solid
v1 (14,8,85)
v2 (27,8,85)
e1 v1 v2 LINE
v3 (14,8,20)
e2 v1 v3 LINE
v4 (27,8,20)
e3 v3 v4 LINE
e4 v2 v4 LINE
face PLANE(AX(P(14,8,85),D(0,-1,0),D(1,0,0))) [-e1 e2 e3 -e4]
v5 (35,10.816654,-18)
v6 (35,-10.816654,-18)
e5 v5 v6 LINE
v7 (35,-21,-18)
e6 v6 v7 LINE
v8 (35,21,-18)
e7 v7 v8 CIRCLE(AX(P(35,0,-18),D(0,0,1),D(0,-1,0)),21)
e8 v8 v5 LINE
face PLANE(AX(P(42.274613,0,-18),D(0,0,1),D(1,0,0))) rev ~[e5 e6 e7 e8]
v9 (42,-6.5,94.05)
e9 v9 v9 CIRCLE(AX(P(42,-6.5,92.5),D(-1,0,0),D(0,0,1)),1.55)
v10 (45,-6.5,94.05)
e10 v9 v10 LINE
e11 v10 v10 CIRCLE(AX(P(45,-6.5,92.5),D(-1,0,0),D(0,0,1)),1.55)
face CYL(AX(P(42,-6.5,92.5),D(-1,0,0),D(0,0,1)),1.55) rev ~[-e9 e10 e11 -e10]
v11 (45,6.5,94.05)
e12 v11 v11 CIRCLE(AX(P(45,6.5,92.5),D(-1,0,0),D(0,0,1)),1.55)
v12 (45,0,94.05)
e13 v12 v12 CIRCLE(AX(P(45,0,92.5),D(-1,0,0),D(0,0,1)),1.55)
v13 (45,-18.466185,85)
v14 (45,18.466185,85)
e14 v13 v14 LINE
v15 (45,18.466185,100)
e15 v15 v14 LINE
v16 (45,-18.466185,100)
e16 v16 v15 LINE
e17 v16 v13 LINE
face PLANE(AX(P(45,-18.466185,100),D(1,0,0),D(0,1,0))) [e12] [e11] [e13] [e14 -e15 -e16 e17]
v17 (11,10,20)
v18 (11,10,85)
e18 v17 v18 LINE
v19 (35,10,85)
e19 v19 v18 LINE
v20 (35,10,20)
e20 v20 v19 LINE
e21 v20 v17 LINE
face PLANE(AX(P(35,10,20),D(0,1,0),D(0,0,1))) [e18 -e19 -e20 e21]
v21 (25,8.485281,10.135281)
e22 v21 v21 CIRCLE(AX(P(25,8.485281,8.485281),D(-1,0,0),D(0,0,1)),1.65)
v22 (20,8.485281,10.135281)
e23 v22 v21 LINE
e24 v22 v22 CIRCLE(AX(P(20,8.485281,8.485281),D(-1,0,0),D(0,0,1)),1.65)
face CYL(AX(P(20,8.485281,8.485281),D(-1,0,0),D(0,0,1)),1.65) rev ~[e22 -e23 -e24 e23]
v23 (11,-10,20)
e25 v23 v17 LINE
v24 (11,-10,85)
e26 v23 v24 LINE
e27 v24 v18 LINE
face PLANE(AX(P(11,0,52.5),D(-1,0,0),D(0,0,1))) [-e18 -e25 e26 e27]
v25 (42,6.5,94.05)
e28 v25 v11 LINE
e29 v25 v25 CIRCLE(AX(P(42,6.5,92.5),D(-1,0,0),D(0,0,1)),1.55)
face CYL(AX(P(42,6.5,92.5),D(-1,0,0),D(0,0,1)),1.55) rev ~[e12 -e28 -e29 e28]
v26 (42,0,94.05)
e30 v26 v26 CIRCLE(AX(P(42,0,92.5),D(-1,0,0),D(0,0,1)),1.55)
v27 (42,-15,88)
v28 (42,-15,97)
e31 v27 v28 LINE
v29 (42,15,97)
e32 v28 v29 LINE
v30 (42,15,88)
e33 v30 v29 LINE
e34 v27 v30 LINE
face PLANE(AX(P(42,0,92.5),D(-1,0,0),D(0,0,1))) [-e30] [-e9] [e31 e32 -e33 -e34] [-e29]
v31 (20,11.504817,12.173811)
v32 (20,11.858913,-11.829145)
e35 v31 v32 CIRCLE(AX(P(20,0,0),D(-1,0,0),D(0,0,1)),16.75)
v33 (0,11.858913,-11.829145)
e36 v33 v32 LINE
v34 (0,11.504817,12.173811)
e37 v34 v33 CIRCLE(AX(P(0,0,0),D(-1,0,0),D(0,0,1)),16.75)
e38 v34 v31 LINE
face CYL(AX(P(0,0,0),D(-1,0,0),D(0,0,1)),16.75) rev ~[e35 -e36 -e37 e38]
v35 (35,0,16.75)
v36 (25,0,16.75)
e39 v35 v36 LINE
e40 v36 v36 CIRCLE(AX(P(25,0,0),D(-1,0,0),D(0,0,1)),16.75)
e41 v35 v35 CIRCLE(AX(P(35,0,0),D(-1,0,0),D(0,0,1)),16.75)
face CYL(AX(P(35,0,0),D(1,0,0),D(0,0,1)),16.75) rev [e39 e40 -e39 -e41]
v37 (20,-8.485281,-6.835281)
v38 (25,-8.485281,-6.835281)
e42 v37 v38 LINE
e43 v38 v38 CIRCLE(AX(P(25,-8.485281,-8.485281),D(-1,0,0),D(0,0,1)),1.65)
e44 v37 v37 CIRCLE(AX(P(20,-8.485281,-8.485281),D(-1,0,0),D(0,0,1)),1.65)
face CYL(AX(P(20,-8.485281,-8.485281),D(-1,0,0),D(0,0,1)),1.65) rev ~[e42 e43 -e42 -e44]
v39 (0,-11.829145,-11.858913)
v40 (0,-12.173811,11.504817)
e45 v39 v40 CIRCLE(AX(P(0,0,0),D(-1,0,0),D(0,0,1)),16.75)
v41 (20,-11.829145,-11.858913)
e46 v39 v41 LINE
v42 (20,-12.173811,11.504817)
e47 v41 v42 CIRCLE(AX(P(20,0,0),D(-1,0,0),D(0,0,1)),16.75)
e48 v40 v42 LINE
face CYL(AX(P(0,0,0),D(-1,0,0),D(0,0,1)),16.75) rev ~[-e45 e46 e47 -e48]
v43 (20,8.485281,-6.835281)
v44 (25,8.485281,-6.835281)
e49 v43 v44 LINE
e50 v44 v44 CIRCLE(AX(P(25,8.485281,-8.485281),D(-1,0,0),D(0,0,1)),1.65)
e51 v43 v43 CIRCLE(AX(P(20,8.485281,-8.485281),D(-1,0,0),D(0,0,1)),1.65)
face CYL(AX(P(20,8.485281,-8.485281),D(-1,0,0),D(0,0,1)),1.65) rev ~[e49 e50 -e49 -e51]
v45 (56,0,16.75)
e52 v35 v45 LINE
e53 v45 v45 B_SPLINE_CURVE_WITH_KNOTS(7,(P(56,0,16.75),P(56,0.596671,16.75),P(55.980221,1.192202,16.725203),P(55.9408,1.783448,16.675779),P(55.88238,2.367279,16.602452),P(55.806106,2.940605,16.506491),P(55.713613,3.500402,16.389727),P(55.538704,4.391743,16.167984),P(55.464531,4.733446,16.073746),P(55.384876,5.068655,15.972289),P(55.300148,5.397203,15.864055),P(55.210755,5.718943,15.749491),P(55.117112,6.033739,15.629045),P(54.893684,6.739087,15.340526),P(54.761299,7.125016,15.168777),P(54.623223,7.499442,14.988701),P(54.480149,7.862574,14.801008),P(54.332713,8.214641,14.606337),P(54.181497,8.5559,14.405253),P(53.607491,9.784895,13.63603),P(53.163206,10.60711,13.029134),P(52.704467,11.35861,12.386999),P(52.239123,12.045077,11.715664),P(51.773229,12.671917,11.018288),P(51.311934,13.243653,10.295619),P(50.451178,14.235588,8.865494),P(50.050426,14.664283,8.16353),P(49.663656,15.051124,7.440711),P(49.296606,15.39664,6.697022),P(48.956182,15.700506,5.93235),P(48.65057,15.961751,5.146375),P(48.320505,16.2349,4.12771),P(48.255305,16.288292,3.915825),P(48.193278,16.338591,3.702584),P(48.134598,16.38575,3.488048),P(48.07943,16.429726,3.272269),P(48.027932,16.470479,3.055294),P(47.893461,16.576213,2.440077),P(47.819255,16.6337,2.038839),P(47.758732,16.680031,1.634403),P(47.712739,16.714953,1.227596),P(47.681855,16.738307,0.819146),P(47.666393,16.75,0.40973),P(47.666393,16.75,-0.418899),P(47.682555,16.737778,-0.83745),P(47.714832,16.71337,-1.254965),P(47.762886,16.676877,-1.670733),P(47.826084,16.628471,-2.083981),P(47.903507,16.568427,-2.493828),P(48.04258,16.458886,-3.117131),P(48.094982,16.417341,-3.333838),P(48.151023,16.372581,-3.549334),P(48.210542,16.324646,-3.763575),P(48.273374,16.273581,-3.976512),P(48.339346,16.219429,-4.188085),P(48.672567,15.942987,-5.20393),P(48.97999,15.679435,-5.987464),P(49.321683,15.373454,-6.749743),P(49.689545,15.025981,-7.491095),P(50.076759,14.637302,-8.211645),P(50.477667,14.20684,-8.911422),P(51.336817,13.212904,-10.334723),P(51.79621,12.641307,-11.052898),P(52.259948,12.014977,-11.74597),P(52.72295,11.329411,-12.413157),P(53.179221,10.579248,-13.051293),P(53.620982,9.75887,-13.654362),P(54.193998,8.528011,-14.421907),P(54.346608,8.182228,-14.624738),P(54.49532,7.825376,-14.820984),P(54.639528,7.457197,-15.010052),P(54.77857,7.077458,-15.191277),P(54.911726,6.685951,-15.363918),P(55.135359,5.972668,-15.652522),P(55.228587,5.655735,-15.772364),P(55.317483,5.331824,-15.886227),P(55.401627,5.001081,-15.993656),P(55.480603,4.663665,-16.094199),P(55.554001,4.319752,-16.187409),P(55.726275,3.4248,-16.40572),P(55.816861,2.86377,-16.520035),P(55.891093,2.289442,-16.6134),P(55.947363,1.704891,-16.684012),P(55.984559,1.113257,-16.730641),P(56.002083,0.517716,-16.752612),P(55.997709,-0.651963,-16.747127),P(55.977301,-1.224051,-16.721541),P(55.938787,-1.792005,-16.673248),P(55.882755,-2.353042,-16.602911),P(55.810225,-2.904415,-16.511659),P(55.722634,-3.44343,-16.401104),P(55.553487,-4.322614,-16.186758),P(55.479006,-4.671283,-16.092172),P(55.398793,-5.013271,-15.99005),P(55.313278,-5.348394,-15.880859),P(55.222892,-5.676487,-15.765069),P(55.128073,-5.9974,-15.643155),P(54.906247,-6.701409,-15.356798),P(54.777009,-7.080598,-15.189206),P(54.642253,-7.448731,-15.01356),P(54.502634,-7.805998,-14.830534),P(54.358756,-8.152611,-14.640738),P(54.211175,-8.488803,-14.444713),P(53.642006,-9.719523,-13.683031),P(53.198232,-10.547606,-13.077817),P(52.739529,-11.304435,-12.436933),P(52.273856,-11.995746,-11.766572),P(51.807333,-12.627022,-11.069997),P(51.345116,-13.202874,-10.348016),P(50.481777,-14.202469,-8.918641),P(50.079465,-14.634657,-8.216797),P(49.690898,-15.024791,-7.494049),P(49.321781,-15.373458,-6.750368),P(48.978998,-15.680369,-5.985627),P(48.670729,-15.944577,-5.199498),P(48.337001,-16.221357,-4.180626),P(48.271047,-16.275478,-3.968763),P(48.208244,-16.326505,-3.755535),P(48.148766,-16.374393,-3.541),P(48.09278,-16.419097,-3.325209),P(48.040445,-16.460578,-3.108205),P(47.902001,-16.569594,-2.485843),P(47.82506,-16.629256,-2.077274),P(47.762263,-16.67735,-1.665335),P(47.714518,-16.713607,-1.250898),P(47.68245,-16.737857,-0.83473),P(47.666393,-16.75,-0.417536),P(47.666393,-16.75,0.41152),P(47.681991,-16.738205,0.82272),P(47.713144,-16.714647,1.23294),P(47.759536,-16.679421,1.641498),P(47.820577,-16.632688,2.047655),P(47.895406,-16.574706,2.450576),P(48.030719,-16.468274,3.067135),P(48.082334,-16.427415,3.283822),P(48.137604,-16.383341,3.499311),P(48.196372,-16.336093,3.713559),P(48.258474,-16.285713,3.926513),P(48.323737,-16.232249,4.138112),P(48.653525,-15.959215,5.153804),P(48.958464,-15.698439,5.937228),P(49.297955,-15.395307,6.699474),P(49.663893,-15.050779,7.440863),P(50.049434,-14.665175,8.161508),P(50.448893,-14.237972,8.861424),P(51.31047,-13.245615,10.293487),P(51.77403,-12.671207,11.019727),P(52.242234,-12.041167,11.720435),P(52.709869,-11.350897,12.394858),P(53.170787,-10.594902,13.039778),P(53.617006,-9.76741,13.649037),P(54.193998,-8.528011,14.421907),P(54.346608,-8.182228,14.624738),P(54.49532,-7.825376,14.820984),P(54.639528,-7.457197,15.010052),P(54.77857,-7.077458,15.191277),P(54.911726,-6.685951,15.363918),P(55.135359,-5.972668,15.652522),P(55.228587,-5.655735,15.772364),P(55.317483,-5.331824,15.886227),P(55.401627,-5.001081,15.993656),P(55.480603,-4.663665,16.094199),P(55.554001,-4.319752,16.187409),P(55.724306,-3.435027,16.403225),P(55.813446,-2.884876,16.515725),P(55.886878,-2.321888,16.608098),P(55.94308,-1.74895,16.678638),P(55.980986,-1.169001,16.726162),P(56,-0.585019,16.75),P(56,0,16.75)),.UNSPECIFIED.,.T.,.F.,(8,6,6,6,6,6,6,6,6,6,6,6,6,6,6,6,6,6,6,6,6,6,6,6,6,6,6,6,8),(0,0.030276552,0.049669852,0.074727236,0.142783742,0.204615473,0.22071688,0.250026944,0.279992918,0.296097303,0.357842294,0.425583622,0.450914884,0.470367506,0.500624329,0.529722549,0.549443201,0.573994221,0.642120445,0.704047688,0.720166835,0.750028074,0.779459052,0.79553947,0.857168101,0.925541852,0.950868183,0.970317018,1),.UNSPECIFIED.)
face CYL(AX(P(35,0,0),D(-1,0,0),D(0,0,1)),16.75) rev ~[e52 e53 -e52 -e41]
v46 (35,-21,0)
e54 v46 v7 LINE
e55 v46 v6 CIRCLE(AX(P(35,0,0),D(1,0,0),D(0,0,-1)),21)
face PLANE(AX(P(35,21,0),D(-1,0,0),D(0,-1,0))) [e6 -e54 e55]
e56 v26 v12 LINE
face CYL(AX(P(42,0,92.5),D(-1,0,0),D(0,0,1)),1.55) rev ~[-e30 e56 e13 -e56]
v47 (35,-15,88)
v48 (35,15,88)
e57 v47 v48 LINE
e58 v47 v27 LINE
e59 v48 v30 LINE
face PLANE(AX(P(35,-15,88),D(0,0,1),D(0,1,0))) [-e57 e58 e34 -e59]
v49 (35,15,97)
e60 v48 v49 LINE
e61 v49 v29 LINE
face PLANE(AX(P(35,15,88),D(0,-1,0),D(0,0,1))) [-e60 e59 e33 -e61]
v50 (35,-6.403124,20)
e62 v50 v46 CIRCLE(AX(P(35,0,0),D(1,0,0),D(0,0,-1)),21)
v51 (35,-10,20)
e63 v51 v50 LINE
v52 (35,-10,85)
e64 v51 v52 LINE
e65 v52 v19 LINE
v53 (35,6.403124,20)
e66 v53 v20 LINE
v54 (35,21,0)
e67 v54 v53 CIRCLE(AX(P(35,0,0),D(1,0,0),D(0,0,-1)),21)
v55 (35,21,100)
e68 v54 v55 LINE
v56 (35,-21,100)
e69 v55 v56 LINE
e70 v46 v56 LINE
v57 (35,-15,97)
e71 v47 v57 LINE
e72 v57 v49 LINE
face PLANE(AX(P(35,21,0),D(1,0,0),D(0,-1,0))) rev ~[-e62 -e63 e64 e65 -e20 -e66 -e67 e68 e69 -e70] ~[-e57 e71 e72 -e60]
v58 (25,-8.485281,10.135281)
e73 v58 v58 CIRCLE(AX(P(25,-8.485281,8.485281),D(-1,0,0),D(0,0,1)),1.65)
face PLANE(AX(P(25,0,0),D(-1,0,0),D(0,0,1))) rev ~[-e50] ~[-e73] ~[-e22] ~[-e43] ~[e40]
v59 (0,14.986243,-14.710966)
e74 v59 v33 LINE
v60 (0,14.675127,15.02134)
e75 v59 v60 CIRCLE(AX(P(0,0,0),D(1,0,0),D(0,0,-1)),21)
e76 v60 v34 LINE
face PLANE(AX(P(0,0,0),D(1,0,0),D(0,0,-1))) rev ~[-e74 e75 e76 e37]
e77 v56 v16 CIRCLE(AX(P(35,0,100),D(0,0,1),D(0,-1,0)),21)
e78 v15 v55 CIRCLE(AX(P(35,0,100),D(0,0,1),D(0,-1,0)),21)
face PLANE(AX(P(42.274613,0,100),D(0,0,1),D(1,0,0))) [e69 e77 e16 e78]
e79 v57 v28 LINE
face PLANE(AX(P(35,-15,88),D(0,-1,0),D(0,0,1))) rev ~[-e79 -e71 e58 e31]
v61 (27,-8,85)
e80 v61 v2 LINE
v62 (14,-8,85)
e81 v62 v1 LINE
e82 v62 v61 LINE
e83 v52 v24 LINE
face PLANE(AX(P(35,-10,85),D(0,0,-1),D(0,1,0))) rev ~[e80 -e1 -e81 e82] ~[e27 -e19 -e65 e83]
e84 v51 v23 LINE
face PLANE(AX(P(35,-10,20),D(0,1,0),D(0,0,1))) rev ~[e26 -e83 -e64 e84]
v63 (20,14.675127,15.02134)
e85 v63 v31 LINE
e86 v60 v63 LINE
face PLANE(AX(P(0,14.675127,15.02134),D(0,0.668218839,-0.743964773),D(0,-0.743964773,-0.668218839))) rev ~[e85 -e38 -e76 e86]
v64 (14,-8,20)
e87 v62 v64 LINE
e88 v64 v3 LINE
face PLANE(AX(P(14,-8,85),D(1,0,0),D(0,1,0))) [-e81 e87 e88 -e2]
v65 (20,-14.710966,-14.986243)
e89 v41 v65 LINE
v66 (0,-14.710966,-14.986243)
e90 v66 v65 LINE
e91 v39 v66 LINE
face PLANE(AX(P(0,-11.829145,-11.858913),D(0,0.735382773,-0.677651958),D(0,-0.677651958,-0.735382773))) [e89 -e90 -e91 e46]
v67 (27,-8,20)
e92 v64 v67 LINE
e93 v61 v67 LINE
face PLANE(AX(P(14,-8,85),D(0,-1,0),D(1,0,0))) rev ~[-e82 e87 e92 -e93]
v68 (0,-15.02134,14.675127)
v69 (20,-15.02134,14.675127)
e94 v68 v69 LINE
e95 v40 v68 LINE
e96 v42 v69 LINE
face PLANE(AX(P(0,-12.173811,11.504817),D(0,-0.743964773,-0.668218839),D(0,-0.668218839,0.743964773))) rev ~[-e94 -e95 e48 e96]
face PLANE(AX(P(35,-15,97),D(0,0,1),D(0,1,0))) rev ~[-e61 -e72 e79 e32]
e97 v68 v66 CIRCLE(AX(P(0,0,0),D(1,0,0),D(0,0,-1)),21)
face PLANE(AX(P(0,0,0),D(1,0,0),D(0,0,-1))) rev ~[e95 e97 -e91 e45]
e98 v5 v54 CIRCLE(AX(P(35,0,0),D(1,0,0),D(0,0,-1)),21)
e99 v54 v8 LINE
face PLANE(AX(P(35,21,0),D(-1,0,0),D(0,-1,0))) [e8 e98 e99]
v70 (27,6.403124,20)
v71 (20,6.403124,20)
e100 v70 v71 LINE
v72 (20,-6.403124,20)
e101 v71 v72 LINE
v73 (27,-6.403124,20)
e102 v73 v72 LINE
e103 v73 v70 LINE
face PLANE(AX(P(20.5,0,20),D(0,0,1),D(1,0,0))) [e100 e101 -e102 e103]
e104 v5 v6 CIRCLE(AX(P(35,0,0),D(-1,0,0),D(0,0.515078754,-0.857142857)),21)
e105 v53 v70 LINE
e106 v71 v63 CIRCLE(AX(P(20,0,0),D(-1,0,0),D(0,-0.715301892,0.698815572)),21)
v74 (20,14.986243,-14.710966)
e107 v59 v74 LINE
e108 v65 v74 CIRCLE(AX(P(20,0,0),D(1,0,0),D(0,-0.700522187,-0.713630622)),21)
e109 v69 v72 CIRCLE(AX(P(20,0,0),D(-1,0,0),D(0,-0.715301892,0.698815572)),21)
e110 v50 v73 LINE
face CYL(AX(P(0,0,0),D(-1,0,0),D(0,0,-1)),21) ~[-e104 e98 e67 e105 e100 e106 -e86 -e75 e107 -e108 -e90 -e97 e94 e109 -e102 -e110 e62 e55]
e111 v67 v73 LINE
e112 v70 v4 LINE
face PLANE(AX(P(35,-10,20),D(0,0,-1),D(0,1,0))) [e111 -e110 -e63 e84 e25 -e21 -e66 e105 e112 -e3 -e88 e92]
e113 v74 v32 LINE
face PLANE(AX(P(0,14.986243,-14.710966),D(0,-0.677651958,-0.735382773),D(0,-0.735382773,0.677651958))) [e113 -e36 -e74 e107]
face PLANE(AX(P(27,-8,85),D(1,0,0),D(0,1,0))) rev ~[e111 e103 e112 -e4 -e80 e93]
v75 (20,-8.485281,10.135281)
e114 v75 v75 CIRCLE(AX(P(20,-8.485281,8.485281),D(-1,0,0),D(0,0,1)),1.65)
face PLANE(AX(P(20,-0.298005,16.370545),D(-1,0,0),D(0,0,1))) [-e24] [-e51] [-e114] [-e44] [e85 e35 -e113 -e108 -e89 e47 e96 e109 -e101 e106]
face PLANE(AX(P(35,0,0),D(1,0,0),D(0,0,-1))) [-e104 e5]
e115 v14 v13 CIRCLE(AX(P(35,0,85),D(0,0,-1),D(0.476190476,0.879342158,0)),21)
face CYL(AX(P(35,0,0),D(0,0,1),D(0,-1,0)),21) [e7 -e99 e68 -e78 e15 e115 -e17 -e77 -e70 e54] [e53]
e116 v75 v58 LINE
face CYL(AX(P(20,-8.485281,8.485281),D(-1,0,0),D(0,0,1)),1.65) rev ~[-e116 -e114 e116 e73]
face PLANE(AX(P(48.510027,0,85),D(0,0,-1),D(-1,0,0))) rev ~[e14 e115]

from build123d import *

# Parameters (mm, degrees)
SKETCH1_R                = 21
BOSS_EXTRUDE1_DEPTH      = 35
BOSS_EXTRUDE2_DEPTH      = 100
BOSS_EXTRUDE2_DEPTH_BACK = 18
CUT_EXTRUDE2_DEPTH       = 15
SKETCH7_W                = 9
SKETCH7_H                = 30
CUT_EXTRUDE3_DEPTH       = 7
SKETCH8_R                = 1.55
CUT_EXTRUDE4_DEPTH       = 7
SKETCH9_R                = 16.75
CUT_EXTRUDE5_DEPTH       = 20
CUT_EXTRUDE6_DEPTH       = 20
SKETCH11_R               = 1.65
CUT_EXTRUDE9_DEPTH       = 25
SKETCH12_R               = 16.75
CUT_EXTRUDE8_DEPTH       = 10
CUT_EXTRUDE8_DEPTH_BACK  = 25
CUT_EXTRUDE10_DEPTH      = 20
SKETCH15_W               = 65
SKETCH15_H               = 20
BOSS_EXTRUDE3_DEPTH      = 24
SKETCH16_W               = 13
SKETCH16_H               = 16
CUT_EXTRUDE11_DEPTH      = 65


with BuildPart() as part:
    # Sketch1 → Boss-Extrude1 (new body)
    with BuildSketch(Plane(origin=(0, 0, 0), x_dir=(0, 0, -1), z_dir=(1, 0, 0))):
        Circle(SKETCH1_R)
    extrude(amount=BOSS_EXTRUDE1_DEPTH)

    # Sketch4 → Boss-Extrude2 (add, two sides)
    with BuildSketch(Plane.XY) as boss_extrude2_sk:
        with BuildLine():
            Line((35, 21), (35, -21))
            ThreePointArc((35, -21), (56, 0), (35, 21))
        make_face()
    extrude(amount=BOSS_EXTRUDE2_DEPTH)
    extrude(boss_extrude2_sk.sketch, amount=-BOSS_EXTRUDE2_DEPTH_BACK)

    # Sketch5 → Cut-Extrude2 (cut)
    with BuildSketch(Plane.XY.offset(100)):
        with BuildLine():
            Line((45, -18.466185313), (45, 18.466185313))
            ThreePointArc((45, 18.466185313), (56, 0), (45, -18.466185313))
        make_face()
    extrude(amount=-CUT_EXTRUDE2_DEPTH, mode=Mode.SUBTRACT)

    # Sketch7 → Cut-Extrude3 (cut)
    with BuildSketch(Plane.ZY.offset(-35)):
        with Locations((92.5, 0)):
            Rectangle(SKETCH7_W, SKETCH7_H)
    extrude(amount=-CUT_EXTRUDE3_DEPTH, mode=Mode.SUBTRACT)

    # Sketch8 → Cut-Extrude4 (cut)
    with BuildSketch(Plane.ZY.offset(-42)):
        with Locations((92.5, 6.5)):
            Circle(SKETCH8_R)
        with Locations((92.5, 0)):
            Circle(SKETCH8_R)
        with Locations((92.5, -6.5)):
            Circle(SKETCH8_R)
    extrude(amount=-CUT_EXTRUDE4_DEPTH, mode=Mode.SUBTRACT)

    # Sketch9 → Cut-Extrude5 (cut)
    with BuildSketch(Plane.ZY):
        Circle(SKETCH9_R)
    extrude(amount=-CUT_EXTRUDE5_DEPTH, mode=Mode.SUBTRACT)

    # Sketch10 → Cut-Extrude6 (cut)
    with BuildSketch(Plane.ZY):
        with BuildLine():
            Line((15.02133973, 14.675127009), (12.173811363, 11.504817117))
            ThreePointArc((12.173811363, 11.504817117), (16.743318767, -0.473050368), (11.504817117, -12.173811363))
            Line((11.504817117, -12.173811363), (14.675127009, -15.02133973))
            ThreePointArc((14.675127009, -15.02133973), (20.998573008, -0.244809363), (15.02133973, 14.675127009))
        make_face()
    extrude(amount=-CUT_EXTRUDE6_DEPTH, mode=Mode.SUBTRACT)

    # Sketch11 → Cut-Extrude9 (cut)
    with BuildSketch(Plane.ZY.offset(-20)):
        with Locations((-8.485281374, 8.485281374)):
            Circle(SKETCH11_R)
        with Locations((8.485281374, 8.485281374)):
            Circle(SKETCH11_R)
        with Locations((8.485281374, -8.485281374)):
            Circle(SKETCH11_R)
        with Locations((-8.485281374, -8.485281374)):
            Circle(SKETCH11_R)
    extrude(amount=-CUT_EXTRUDE9_DEPTH, mode=Mode.SUBTRACT)

    # Sketch12 → Cut-Extrude8 (cut, two sides)
    with BuildSketch(Plane.ZY.offset(-35)) as cut_extrude8_sk:
        Circle(SKETCH12_R)
    extrude(amount=CUT_EXTRUDE8_DEPTH, mode=Mode.SUBTRACT)
    extrude(cut_extrude8_sk.sketch, amount=-CUT_EXTRUDE8_DEPTH_BACK, mode=Mode.SUBTRACT)

    # Sketch14 → Cut-Extrude10 (cut)
    with BuildSketch(Plane.ZY):
        with BuildLine():
            Line((-14.710965935, 14.986243067), (-11.829145313, 11.858913153))
            ThreePointArc((-11.829145313, 11.858913153), (-16.749986774, 0.021049042), (-11.858913153, -11.829145313))
            Line((-11.858913153, -11.829145313), (-14.986243067, -14.710965935))
            ThreePointArc((-14.986243067, -14.710965935), (-20.999097868, 0.194650327), (-14.710965935, 14.986243067))
        make_face()
    extrude(amount=-CUT_EXTRUDE10_DEPTH, mode=Mode.SUBTRACT)

    # Sketch15 → Boss-Extrude3 (add)
    with BuildSketch(Plane.ZY.offset(-35)):
        with Locations((52.5, 0)):
            Rectangle(SKETCH15_W, SKETCH15_H)
    extrude(amount=BOSS_EXTRUDE3_DEPTH)

    # Sketch16 → Cut-Extrude11 (cut)
    with BuildSketch(Plane.XY.offset(85)):
        with Locations((20.5, 0)):
            Rectangle(SKETCH16_W, SKETCH16_H)
    extrude(amount=-CUT_EXTRUDE11_DEPTH, mode=Mode.SUBTRACT)


solid = part.part
